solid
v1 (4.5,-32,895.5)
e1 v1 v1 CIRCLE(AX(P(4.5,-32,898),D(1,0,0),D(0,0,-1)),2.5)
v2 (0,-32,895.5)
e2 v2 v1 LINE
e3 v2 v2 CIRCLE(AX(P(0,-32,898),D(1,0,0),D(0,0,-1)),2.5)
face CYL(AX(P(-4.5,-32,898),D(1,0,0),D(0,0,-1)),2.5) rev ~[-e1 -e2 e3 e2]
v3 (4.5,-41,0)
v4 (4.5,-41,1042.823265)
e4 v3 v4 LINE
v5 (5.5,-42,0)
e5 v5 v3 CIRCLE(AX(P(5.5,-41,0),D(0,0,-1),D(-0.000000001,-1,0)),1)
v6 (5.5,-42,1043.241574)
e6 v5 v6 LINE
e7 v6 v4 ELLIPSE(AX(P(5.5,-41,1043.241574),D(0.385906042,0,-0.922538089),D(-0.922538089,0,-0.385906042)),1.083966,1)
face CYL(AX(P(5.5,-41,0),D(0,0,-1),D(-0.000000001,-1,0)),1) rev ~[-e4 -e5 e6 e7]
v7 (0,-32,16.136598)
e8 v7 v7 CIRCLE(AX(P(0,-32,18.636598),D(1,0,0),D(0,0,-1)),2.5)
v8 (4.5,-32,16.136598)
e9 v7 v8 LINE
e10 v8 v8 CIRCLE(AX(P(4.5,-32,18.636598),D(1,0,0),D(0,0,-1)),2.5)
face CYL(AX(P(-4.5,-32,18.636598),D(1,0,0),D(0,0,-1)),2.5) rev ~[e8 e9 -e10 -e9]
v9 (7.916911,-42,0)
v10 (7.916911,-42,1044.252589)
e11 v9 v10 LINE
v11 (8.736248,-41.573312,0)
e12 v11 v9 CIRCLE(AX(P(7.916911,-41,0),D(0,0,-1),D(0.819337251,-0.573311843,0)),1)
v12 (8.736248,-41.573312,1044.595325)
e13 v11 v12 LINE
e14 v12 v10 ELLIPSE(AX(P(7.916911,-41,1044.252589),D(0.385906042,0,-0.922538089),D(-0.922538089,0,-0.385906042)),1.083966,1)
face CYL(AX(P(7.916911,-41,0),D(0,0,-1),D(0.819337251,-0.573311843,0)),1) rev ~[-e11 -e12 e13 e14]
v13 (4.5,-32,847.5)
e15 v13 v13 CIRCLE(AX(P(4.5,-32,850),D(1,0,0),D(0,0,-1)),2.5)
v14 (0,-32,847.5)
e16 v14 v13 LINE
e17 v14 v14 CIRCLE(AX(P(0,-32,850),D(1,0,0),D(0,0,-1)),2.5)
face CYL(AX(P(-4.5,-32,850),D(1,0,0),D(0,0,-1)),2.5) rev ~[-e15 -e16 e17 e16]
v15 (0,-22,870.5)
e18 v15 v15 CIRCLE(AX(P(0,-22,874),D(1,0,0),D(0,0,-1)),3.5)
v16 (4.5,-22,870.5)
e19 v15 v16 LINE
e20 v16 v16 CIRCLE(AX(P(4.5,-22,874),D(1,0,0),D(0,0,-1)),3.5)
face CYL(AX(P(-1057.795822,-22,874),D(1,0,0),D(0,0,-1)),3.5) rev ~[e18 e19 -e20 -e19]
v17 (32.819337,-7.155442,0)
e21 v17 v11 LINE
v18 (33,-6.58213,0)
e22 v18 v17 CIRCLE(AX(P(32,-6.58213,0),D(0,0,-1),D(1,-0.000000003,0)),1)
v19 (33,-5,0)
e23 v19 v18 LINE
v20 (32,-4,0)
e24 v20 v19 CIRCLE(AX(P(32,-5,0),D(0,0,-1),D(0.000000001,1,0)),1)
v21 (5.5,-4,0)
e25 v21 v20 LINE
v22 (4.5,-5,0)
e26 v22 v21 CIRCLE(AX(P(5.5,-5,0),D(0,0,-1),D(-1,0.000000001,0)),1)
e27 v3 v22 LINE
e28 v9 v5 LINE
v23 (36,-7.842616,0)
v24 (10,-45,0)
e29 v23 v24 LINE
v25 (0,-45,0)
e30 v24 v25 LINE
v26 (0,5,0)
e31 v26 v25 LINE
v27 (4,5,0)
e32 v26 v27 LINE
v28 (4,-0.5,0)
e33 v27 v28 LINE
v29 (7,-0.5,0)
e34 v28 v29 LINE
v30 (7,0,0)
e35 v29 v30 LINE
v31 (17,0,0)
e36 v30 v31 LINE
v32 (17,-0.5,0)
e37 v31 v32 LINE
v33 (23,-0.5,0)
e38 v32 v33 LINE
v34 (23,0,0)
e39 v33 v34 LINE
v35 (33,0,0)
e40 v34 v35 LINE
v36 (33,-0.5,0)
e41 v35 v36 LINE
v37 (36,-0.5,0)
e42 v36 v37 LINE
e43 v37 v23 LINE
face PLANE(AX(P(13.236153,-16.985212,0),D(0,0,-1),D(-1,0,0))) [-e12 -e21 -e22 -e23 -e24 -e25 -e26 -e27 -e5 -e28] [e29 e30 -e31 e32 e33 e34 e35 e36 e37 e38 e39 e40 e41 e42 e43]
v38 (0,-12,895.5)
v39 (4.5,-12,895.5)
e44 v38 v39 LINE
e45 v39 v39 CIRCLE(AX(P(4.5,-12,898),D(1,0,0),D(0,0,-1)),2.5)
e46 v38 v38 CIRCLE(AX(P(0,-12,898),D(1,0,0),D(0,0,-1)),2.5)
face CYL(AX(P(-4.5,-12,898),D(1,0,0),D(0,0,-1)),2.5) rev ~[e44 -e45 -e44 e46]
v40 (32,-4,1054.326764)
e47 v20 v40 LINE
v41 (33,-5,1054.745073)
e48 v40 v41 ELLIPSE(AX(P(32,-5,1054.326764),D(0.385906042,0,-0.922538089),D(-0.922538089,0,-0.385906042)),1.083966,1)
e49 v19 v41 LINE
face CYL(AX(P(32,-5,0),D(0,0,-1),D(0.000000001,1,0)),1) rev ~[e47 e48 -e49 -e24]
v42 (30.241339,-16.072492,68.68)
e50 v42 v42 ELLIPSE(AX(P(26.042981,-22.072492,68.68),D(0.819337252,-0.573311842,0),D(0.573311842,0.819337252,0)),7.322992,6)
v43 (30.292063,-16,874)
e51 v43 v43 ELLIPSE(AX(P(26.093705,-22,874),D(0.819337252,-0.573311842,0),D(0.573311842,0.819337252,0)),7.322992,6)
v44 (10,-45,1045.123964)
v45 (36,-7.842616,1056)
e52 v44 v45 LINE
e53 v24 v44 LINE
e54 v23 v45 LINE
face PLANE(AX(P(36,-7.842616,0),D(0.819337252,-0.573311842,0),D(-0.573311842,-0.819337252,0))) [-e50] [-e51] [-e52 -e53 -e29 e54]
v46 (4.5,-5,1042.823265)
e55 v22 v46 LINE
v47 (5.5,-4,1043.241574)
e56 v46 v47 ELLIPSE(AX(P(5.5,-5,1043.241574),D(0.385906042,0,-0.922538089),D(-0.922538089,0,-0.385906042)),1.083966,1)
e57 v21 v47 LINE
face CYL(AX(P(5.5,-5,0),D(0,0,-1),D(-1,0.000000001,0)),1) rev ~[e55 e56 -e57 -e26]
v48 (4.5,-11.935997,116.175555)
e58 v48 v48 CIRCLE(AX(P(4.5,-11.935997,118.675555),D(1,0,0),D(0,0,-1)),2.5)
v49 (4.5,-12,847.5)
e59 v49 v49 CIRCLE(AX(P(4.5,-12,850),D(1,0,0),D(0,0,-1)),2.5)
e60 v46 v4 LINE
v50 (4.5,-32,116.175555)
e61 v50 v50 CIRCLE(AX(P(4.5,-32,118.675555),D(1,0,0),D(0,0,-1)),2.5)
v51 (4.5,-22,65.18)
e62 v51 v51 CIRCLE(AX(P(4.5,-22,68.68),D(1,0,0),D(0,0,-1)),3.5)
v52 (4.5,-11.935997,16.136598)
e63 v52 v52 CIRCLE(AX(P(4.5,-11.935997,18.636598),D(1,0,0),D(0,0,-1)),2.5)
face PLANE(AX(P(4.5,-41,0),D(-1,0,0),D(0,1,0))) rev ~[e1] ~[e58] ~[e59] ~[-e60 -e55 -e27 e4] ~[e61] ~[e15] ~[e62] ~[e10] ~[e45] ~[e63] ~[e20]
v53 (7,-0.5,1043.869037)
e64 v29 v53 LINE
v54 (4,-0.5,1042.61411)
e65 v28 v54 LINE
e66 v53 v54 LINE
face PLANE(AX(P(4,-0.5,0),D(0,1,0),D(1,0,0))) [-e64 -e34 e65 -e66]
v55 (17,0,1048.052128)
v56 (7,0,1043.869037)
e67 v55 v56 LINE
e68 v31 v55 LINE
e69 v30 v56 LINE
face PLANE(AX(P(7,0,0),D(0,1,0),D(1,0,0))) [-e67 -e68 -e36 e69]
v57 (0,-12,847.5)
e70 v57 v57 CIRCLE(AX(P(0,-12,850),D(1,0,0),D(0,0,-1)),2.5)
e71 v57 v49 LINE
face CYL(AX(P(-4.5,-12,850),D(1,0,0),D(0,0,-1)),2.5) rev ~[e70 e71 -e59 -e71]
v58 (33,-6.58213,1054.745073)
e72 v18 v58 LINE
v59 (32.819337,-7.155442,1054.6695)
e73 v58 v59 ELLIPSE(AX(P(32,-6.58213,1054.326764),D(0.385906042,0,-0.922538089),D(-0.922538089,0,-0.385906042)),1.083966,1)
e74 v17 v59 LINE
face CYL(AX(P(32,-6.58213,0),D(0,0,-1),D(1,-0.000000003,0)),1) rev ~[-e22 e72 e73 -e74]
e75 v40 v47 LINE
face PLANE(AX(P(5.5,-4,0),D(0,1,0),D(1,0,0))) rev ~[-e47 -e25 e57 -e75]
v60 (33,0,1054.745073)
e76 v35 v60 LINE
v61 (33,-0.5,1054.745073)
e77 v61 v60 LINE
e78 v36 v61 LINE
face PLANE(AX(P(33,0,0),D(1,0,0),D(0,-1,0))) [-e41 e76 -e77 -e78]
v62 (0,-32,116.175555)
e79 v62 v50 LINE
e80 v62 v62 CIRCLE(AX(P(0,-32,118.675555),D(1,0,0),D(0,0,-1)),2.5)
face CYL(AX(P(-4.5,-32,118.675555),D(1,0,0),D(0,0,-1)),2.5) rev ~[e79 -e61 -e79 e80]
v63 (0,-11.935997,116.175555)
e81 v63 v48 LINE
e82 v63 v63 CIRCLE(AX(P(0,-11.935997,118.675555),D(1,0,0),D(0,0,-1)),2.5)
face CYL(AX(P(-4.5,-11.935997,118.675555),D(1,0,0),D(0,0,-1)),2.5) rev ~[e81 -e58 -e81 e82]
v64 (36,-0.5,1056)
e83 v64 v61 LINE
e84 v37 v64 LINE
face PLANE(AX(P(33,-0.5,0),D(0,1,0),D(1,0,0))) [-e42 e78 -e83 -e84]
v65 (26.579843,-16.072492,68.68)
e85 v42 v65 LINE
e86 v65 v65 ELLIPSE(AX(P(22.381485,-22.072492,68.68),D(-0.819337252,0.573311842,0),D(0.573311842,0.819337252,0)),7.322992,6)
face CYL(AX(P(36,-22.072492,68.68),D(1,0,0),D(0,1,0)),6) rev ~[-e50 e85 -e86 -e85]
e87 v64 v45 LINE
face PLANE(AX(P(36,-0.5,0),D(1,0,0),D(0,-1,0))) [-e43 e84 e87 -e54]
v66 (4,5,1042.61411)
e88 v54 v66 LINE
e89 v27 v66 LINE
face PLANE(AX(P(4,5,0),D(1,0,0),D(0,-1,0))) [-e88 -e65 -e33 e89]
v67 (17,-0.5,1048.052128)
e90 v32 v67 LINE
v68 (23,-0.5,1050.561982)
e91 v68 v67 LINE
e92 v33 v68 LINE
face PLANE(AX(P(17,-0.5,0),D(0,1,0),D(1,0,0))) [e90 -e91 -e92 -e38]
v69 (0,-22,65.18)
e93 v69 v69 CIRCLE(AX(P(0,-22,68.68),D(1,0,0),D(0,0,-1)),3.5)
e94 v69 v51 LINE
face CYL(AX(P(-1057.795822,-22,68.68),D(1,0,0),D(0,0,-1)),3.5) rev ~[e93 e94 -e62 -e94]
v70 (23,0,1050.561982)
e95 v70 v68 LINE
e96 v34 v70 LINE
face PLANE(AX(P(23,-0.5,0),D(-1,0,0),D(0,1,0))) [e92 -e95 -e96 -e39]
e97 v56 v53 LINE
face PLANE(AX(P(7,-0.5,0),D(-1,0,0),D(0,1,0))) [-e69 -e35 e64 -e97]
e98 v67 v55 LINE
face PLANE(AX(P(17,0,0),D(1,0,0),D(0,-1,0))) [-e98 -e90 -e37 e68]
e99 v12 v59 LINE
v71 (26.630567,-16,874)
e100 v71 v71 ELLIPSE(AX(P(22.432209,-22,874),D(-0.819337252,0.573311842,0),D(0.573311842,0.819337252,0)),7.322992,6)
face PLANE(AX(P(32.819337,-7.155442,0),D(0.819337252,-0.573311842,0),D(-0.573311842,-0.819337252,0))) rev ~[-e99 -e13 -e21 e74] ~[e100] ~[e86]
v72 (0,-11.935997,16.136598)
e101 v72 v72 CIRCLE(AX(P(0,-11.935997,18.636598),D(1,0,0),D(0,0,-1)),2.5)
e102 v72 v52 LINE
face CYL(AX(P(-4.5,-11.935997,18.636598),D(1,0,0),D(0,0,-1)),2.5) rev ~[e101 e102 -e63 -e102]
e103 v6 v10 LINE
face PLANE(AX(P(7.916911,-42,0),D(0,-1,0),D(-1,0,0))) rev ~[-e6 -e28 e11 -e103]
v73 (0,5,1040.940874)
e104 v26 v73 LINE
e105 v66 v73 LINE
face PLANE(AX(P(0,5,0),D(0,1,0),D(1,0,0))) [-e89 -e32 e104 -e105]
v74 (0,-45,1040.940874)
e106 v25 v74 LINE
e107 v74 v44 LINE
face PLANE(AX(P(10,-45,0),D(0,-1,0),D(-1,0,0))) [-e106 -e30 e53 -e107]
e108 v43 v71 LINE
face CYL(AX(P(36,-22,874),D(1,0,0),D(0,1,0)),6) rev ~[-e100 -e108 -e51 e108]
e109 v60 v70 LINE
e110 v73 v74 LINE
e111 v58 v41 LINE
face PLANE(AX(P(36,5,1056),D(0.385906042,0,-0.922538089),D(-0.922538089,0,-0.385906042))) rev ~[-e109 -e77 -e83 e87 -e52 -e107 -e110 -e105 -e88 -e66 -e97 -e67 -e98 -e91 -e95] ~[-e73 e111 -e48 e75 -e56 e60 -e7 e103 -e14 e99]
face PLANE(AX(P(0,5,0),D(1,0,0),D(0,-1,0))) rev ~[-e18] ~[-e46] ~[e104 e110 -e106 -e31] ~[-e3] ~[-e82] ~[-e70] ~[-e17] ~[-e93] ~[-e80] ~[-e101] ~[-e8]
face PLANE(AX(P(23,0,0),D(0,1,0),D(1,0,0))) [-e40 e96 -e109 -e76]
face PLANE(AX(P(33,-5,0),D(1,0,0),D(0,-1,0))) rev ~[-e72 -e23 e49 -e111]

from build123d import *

# Parameters (mm, degrees)
EXTRUDE_1_DEPTH        = 1056
HOLE_WIZARD_7_0_7_1_D  = 7
CUT_EXTRUDE_2_REACH    = 1059.571
SKETCH_5_R             = 6
HOLE_WIZARD_M5_1_D     = 5
HOLE_WIZARD_M5_1_DEPTH = 4.5
HOLE_WIZARD_M5_2_D     = 5
HOLE_WIZARD_M5_2_DEPTH = 4.5
CUT_EXTRUDE_3_DEPTH    = 1058.795821508


with BuildPart() as part:
    # 草图1 → 凸台-拉伸1 (new body)
    with BuildSketch(Plane.XY):
        Polygon((36, -0.5), (36, -7.842615501), (10, -45), (0, -45), (0, 0), (0, 5), (4, 5), (4, -0.5), (7, -0.5), (7, 0), (17, 0), (17, -0.5), (23, -0.5), (23, 0), (33, 0), (33, -0.5), align=None)
        with BuildLine():
            Line((33, -5), (33, -6.582130473))
            ThreePointArc((33, -6.582130473), (32.953765498, -6.882682255), (32.819337252, -7.155442314))
            Line((32.819337252, -7.155442314), (8.736247988, -41.573311842))
            ThreePointArc((8.736247988, -41.573311842), (8.378802584, -41.886936255), (7.916910736, -42))
            Line((7.916910736, -42), (5.5, -42))
            ThreePointArc((5.5, -42), (4.792893219, -41.707106781), (4.5, -41))
            Line((4.5, -41), (4.5, -5))
            ThreePointArc((4.5, -5), (4.792893219, -4.292893219), (5.5, -4))
            Line((5.5, -4), (32, -4))
            ThreePointArc((32, -4), (32.707106781, -4.292893219), (33, -5))
        make_face(mode=Mode.SUBTRACT)
    extrude(amount=EXTRUDE_1_DEPTH)

    # Ø7.0 (7) 直径孔1 (through all)
    with Locations(Plane.ZY):
        with Locations((68.68, -22), (874, -22)):
            Hole(HOLE_WIZARD_7_0_7_1_D / 2)

    # 切除-拉伸2: up to this plane
    cut_extrude_2_end = Plane(origin=(32.819337252, -7.155442314, 1056), z_dir=(-0.8193372517042258, 0.5733118418188885, 0))
    # 草图5 → 切除-拉伸2 (cut, up to the surface)
    with BuildSketch(Plane(origin=(36, 0, 0), x_dir=(0, 0, -1), z_dir=(1, 0, 0)), mode=Mode.PRIVATE) as cut_extrude_2_sk1:
        with Locations(Location((-68.68, -22.072492254, 0), (0, 0, 90))):
            Circle(SKETCH_5_R)
    cut_extrude_2_tool1 = split(extrude(cut_extrude_2_sk1.sketch, amount=-CUT_EXTRUDE_2_REACH, mode=Mode.PRIVATE), bisect_by=cut_extrude_2_end, keep=Keep.BOTH, mode=Mode.PRIVATE)
    add(cut_extrude_2_tool1.solids().sort_by_distance((36, -22.072492, 68.68))[0], mode=Mode.SUBTRACT)
    # 草图5 → 切除-拉伸2 (cut, up to the surface)
    with BuildSketch(Plane(origin=(36, 0, 0), x_dir=(0, 0, -1), z_dir=(1, 0, 0)), mode=Mode.PRIVATE) as cut_extrude_2_sk2:
        with Locations(Location((-874, -22, 0), (0, 0, 90))):
            Circle(SKETCH_5_R)
    cut_extrude_2_tool2 = split(extrude(cut_extrude_2_sk2.sketch, amount=-CUT_EXTRUDE_2_REACH, mode=Mode.PRIVATE), bisect_by=cut_extrude_2_end, keep=Keep.BOTH, mode=Mode.PRIVATE)
    add(cut_extrude_2_tool2.solids().sort_by_distance((36, -22, 874))[0], mode=Mode.SUBTRACT)

    # M5 螺纹孔1
    with Locations(Plane.ZY):
        with Locations((18.636598419, -11.935996902), (18.636598419, -32), (118.675555099, -11.935996902), (118.675555099, -32)):
            Hole(HOLE_WIZARD_M5_1_D / 2, depth=HOLE_WIZARD_M5_1_DEPTH)

    # M5 螺纹孔2
    with Locations(Plane.ZY):
        with Locations((850, -12), (898, -12), (898, -32), (850, -32)):
            Hole(HOLE_WIZARD_M5_2_D / 2, depth=HOLE_WIZARD_M5_2_DEPTH)

    # 草图11 → 切除-拉伸3 (cut, through all)
    with BuildSketch(Plane(origin=(0, 5, 0), x_dir=(1, 0, 0), z_dir=(0, 1, 0))):
        Polygon((36, -1056), (0, -1040.940873789), (0, -1056), align=None)
    extrude(amount=-CUT_EXTRUDE_3_DEPTH, mode=Mode.SUBTRACT)


solid = part.part
